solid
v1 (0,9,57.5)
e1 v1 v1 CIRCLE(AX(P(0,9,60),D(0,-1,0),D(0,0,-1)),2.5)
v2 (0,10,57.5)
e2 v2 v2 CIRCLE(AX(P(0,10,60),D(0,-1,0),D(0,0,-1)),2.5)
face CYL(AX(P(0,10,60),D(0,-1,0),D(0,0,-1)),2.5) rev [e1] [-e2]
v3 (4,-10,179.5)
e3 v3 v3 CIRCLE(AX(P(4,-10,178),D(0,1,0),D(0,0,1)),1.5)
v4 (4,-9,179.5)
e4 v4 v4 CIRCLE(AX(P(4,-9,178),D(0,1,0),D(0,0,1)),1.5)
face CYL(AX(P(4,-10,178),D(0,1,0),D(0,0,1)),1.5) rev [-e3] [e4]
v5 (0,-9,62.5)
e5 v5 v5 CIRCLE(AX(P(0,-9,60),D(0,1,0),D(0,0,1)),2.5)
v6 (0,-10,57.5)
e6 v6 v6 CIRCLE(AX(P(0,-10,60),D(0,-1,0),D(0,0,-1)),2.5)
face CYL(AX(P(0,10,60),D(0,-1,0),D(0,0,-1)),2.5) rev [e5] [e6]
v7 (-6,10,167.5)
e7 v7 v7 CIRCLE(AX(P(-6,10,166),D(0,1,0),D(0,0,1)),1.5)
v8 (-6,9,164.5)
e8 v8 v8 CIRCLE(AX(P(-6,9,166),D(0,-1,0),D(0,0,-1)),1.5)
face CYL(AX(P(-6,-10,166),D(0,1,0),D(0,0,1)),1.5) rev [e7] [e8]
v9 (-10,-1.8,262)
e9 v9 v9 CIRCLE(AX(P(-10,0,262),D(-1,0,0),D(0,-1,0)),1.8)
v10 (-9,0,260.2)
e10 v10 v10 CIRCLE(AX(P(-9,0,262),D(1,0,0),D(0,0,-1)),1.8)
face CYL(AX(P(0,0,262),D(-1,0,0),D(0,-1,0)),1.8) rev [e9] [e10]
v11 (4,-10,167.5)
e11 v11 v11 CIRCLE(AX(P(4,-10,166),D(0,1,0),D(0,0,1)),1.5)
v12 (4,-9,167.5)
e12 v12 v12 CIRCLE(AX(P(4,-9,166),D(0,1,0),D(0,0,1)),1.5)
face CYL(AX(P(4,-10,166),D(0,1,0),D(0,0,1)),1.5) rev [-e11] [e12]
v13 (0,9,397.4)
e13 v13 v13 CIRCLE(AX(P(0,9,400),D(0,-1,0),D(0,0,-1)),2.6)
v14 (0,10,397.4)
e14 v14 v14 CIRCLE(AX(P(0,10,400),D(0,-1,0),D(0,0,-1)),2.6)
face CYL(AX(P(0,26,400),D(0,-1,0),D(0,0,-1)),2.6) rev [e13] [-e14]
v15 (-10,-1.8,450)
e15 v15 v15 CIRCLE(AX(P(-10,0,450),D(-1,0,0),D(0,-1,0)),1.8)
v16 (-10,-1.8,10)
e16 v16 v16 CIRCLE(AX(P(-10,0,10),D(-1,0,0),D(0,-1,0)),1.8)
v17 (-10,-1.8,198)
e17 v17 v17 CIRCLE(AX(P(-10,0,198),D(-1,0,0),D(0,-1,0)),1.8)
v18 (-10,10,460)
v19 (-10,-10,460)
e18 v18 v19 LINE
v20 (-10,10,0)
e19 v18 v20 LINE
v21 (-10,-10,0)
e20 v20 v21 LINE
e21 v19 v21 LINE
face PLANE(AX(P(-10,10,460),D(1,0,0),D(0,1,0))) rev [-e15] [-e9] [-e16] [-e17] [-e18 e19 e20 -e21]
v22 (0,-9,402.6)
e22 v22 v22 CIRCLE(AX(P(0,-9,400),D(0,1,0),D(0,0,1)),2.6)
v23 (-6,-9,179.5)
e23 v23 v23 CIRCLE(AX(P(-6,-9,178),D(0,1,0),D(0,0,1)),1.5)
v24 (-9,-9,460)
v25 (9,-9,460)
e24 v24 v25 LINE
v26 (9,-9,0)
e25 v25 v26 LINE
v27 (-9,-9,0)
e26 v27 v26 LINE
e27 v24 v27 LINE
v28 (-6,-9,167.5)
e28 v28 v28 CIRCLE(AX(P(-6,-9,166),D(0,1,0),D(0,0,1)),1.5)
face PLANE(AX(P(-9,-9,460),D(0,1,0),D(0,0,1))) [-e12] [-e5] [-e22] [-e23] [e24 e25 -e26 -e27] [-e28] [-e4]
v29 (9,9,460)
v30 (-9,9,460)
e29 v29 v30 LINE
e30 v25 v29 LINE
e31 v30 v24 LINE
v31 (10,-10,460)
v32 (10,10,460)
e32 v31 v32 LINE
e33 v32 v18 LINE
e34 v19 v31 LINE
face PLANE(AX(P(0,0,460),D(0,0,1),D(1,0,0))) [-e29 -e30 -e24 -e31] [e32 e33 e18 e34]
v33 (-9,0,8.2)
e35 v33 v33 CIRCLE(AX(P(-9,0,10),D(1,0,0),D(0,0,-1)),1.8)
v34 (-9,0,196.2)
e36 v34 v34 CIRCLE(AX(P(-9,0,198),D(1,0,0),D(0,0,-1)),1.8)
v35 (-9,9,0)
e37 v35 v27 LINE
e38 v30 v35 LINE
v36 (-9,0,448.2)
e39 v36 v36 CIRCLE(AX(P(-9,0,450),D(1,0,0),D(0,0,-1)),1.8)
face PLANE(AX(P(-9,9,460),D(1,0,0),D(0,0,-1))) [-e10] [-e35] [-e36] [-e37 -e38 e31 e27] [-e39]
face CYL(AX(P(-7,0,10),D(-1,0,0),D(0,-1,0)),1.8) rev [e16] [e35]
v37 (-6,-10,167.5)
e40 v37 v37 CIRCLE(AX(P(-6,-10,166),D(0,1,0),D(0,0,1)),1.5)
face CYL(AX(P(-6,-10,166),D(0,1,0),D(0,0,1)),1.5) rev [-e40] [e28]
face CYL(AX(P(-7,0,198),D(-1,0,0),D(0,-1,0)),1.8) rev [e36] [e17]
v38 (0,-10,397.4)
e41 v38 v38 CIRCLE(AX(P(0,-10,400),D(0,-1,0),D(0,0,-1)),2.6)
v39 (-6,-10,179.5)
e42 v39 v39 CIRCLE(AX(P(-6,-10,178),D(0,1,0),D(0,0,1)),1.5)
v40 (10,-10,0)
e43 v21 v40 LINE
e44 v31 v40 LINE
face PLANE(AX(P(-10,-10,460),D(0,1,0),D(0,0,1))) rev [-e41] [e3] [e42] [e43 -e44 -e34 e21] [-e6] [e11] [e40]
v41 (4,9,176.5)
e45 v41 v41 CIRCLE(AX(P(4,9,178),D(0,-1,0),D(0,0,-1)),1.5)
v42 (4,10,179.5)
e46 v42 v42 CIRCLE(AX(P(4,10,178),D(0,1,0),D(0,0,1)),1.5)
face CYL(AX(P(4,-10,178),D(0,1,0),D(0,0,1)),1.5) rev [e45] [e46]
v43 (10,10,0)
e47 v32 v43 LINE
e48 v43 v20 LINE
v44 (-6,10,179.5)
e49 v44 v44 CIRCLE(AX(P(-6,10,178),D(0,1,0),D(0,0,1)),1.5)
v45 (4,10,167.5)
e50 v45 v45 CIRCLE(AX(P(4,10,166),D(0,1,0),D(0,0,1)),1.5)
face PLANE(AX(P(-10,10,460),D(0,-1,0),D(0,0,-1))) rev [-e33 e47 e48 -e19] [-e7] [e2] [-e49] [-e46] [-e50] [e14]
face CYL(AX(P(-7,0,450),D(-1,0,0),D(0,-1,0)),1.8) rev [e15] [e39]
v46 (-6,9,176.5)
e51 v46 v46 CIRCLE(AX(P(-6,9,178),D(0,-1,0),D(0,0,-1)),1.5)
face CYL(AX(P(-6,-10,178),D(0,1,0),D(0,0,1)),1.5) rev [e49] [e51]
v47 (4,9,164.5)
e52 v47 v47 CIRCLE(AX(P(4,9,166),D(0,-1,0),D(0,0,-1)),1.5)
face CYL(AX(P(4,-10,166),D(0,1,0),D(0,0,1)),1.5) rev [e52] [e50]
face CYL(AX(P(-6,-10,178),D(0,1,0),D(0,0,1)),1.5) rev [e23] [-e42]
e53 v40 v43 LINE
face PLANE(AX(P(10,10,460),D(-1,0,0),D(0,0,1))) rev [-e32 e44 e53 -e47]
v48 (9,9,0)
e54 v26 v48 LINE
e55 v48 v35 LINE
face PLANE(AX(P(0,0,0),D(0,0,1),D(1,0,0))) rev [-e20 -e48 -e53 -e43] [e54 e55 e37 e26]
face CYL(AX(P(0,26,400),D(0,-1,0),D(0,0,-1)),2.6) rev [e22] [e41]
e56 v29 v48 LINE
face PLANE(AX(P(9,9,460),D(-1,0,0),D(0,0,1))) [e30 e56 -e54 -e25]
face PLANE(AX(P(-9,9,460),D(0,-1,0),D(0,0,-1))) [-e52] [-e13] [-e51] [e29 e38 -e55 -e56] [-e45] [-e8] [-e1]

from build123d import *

# Parameters (mm, degrees)
SKETCH_1_W          = 20
SKETCH_1_H          = 20
SKETCH_1_W_2        = 18
SKETCH_1_H_2        = 18
EXTRUDE_1_DEPTH     = 460
SKETCH_2_R          = 1.8
CUT_EXTRUDE_1_DEPTH = 3
SKETCH_3_R          = 1.8
CUT_EXTRUDE_2_DEPTH = 3
SKETCH_5_R          = 1.8
CUT_EXTRUDE_3_DEPTH = 3
SKETCH_6_R          = 1.8
CUT_EXTRUDE_4_DEPTH = 10
SKETCH_7_R          = 1.5
CUT_EXTRUDE_5_DEPTH = 20
SKETCH1_R           = 2.5
CUT_EXTRUDE1_DEPTH  = 20
SKETCH2_R           = 2.6
CUT_EXTRUDE2_DEPTH  = 36


with BuildPart() as part:
    # 草图1 → 凸台-拉伸1 (new body)
    with BuildSketch(Plane.XY):
        Rectangle(SKETCH_1_W, SKETCH_1_H)
        Rectangle(SKETCH_1_W_2, SKETCH_1_H_2, mode=Mode.SUBTRACT)
    extrude(amount=EXTRUDE_1_DEPTH)

    # 草图2 → 切除-拉伸1 (cut)
    with BuildSketch(Plane.ZY.offset(10)):
        with Locations((10, 0)):
            Circle(SKETCH_2_R)
    extrude(amount=-CUT_EXTRUDE_1_DEPTH, mode=Mode.SUBTRACT)

    # 草图3 → 切除-拉伸2 (cut)
    with BuildSketch(Plane.ZY.offset(10)):
        with Locations((198, 0)):
            Circle(SKETCH_3_R)
    extrude(amount=-CUT_EXTRUDE_2_DEPTH, mode=Mode.SUBTRACT)

    # 草图5 → 切除-拉伸3 (cut)
    with BuildSketch(Plane.ZY.offset(10)):
        with Locations((450, 0)):
            Circle(SKETCH_5_R)
    extrude(amount=-CUT_EXTRUDE_3_DEPTH, mode=Mode.SUBTRACT)

    # 草图6 → 切除-拉伸4 (cut)
    with BuildSketch(Plane.ZY.offset(10)):
        with Locations((262, 0)):
            Circle(SKETCH_6_R)
    extrude(amount=-CUT_EXTRUDE_4_DEPTH, mode=Mode.SUBTRACT)

    # 草图7 → 切除-拉伸5 (cut)
    with BuildSketch(Plane(origin=(0, 10, 0), x_dir=(1, 0, 0), z_dir=(0, 1, 0))):
        with Locations((4, -166)):
            Circle(SKETCH_7_R)
        with Locations((-6, -166)):
            Circle(SKETCH_7_R)
        with Locations((4, -178)):
            Circle(SKETCH_7_R)
        with Locations((-6, -178)):
            Circle(SKETCH_7_R)
    extrude(amount=-CUT_EXTRUDE_5_DEPTH, mode=Mode.SUBTRACT)

    # Sketch1 → Cut-Extrude1 (cut)
    with BuildSketch(Plane.XZ.offset(10)):
        with Locations((0, 60)):
            Circle(SKETCH1_R)
    extrude(amount=-CUT_EXTRUDE1_DEPTH, mode=Mode.SUBTRACT)

    # Sketch2 → Cut-Extrude2 (cut)
    with BuildSketch(Plane.XZ.offset(10)):
        with Locations((0, 400)):
            Circle(SKETCH2_R)
    extrude(amount=-CUT_EXTRUDE2_DEPTH, mode=Mode.SUBTRACT)


solid = part.part
